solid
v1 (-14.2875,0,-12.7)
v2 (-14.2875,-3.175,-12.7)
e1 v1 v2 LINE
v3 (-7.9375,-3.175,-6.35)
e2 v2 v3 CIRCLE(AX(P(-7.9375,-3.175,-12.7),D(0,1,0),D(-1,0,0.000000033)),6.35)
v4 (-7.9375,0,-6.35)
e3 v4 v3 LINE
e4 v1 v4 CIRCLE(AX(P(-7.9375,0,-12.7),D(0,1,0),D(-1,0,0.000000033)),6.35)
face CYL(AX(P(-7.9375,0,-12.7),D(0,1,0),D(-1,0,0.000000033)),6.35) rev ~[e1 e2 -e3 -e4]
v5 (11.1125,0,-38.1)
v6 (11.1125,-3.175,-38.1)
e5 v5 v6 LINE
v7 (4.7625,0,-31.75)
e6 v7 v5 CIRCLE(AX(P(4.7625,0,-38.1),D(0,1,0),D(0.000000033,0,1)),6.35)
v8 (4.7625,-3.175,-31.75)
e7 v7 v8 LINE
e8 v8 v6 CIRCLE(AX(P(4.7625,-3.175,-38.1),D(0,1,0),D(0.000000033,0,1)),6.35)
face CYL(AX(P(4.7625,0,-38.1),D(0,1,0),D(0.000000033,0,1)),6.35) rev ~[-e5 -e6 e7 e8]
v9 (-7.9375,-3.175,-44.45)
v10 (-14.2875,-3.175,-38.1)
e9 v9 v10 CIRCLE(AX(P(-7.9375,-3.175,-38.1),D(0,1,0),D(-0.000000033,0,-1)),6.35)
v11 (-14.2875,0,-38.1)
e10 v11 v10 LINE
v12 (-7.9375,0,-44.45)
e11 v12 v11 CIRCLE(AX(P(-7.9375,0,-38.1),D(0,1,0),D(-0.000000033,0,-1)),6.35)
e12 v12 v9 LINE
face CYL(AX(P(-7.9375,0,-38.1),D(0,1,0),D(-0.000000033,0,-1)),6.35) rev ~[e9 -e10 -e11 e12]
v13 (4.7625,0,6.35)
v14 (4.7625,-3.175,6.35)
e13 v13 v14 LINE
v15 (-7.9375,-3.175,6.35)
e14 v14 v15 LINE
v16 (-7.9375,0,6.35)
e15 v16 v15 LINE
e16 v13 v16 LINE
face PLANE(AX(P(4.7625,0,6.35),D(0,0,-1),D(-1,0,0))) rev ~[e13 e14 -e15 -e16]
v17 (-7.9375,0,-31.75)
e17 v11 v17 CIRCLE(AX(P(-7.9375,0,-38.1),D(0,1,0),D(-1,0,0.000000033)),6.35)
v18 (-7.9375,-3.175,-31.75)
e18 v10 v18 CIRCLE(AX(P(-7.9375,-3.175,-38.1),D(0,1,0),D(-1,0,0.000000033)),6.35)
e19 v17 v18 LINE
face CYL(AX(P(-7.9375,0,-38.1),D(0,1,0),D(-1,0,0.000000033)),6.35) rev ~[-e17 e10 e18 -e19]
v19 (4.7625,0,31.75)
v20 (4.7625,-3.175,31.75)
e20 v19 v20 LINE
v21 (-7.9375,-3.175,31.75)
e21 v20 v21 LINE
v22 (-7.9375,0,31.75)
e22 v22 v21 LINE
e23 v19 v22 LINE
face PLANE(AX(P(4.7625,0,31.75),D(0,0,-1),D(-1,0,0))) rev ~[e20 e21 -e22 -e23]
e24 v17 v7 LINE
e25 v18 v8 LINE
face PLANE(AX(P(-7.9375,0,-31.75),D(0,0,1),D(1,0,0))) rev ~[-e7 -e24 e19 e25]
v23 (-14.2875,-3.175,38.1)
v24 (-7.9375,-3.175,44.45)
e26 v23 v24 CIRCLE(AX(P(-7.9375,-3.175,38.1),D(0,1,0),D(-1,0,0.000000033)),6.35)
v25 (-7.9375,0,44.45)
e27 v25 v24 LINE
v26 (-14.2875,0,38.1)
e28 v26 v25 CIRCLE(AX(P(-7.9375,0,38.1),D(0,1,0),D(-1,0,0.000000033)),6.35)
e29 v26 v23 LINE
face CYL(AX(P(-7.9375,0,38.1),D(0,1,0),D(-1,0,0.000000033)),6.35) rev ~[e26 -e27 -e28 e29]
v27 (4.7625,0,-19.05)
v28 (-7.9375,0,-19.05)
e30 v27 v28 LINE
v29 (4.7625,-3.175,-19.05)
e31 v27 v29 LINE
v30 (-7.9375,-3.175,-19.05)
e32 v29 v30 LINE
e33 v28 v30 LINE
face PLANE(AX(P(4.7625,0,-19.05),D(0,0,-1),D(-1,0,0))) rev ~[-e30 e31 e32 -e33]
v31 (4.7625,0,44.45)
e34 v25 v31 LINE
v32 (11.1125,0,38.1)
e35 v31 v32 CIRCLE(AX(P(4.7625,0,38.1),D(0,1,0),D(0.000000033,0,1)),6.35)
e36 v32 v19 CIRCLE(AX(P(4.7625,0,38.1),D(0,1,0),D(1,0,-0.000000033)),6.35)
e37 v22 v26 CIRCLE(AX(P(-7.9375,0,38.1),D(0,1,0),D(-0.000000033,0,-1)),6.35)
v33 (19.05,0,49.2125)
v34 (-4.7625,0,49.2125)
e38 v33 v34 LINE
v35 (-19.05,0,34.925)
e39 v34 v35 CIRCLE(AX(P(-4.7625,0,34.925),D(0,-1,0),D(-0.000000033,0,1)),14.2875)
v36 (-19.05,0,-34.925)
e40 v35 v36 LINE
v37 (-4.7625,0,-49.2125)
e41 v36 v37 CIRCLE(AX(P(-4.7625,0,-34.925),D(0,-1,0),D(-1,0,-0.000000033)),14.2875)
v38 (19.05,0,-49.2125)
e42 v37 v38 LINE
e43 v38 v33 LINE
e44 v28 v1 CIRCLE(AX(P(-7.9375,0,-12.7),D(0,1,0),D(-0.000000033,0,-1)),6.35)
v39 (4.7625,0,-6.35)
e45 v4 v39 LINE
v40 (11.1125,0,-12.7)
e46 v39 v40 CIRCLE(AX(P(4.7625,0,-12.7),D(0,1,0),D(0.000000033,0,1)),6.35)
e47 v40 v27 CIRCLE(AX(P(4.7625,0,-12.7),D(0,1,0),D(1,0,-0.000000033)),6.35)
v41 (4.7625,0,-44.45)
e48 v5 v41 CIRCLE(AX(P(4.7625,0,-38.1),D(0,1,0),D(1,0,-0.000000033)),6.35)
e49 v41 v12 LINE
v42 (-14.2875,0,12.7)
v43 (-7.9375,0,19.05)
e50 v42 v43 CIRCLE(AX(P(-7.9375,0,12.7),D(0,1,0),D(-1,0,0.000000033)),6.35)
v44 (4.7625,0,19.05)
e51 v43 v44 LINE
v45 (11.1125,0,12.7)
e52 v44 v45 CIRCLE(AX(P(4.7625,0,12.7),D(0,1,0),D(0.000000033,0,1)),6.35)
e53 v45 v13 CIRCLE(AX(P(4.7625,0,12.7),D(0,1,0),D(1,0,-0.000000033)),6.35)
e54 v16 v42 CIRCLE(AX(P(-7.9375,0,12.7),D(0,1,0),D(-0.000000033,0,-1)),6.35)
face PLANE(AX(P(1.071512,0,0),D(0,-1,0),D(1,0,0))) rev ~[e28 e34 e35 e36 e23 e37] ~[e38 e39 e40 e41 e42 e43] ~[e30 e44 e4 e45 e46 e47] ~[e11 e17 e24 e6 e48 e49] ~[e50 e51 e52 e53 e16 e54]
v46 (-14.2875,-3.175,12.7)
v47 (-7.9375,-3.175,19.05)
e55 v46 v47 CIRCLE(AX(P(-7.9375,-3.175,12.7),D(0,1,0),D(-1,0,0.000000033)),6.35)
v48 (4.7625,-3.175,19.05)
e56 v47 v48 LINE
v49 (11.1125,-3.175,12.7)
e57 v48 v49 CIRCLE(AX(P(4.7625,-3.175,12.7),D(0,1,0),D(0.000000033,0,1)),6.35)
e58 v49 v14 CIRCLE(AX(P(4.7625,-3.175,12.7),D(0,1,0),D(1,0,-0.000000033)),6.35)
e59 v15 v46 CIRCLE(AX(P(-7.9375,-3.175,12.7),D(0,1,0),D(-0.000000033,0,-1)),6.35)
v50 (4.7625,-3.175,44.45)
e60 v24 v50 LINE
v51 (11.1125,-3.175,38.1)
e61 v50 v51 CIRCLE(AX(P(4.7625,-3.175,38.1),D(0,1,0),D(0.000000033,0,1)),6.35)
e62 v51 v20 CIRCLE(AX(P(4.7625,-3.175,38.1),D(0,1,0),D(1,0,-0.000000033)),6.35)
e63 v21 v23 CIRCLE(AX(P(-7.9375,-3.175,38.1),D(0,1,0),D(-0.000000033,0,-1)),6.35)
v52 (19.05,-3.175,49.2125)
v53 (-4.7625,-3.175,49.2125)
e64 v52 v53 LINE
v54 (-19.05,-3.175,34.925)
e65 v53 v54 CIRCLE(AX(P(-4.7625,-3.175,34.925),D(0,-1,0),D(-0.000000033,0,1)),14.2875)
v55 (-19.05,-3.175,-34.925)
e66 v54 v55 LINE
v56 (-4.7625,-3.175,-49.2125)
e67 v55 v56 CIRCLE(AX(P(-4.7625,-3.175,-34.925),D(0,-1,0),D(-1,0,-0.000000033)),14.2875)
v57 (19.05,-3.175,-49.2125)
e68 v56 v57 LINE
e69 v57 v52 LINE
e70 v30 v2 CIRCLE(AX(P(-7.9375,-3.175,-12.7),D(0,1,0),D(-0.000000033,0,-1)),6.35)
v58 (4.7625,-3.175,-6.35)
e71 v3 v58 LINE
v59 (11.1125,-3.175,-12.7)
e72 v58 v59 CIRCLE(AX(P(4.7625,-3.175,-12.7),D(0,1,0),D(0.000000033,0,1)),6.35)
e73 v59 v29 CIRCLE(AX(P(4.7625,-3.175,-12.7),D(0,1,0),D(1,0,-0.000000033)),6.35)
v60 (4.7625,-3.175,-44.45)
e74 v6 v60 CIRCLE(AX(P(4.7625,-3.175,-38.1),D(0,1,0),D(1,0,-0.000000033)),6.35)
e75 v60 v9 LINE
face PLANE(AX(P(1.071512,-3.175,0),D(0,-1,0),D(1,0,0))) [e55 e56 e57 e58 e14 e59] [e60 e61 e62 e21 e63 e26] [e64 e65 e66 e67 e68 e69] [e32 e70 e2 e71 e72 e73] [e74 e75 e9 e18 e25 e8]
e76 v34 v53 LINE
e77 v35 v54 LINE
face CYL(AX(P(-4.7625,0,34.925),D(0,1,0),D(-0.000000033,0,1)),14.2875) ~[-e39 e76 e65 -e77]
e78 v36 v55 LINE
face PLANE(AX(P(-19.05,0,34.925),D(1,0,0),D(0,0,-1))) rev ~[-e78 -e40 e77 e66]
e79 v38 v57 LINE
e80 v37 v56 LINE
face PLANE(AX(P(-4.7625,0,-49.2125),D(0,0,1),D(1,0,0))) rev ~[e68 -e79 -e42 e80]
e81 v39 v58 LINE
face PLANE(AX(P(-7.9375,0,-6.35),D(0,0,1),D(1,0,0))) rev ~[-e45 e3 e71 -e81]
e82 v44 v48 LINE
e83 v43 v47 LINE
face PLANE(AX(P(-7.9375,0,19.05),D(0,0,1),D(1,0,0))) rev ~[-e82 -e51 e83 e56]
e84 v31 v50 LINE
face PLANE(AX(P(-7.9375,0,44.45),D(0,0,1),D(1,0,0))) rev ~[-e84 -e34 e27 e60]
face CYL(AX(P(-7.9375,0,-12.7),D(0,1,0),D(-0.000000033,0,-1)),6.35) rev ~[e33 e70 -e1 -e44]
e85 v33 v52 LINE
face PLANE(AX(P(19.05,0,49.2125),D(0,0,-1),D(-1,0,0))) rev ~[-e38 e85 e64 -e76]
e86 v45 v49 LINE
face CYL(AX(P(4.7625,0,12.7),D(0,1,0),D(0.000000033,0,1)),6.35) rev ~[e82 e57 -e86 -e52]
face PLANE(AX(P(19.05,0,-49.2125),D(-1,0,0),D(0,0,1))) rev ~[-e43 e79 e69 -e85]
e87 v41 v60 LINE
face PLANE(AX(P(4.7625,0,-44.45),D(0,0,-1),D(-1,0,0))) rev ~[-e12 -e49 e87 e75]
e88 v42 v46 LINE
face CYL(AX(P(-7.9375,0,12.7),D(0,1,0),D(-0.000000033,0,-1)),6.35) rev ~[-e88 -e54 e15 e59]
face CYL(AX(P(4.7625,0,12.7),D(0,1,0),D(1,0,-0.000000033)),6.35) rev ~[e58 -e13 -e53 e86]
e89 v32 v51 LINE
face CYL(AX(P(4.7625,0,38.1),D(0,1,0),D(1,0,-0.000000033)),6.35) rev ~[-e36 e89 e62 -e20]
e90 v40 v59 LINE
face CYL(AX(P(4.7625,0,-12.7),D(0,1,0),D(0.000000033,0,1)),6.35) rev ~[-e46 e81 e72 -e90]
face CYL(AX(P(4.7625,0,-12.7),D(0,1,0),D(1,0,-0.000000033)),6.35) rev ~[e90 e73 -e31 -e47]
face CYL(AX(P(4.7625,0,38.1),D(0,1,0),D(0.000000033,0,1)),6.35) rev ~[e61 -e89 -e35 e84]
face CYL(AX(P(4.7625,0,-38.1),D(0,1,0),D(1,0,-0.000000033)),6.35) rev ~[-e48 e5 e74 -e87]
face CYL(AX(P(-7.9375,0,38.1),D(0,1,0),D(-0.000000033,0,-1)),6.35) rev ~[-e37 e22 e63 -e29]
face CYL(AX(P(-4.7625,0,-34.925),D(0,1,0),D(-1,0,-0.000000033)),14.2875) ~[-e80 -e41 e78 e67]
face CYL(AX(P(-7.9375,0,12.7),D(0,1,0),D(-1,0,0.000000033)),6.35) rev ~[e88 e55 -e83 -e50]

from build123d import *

# Parameters (mm, degrees)
F1_DEPTH = 3.175


with BuildPart() as f1:
    # F0 (on Front) → F1 (new body)
    with BuildSketch(Plane.XZ):
        with BuildLine():
            Line((-4.7625, -49.2125), (19.05, -49.2125))
            Line((19.05, -49.2125), (19.05, 49.2125))
            Line((19.05, 49.2125), (-4.7625, 49.2125))
            ThreePointArc((-4.7625, 49.2125), (-14.865288, 45.027788), (-19.05, 34.925))
            Line((-19.05, 34.925), (-19.05, -34.925))
            ThreePointArc((-19.05, -34.925), (-14.865288, -45.027788), (-4.7625, -49.2125))
        make_face()
        with BuildLine():
            ThreePointArc((11.1125, -38.1), (9.252628, -42.590128), (4.7625, -44.45))
            Line((4.7625, -44.45), (-7.9375, -44.45))
            ThreePointArc((-7.9375, -44.45), (-12.427628, -42.590128), (-14.2875, -38.1))
            ThreePointArc((-14.2875, -38.1), (-12.427628, -33.609872), (-7.9375, -31.75))
            Line((-7.9375, -31.75), (4.7625, -31.75))
            ThreePointArc((4.7625, -31.75), (9.252628, -33.609872), (11.1125, -38.1))
        make_face(mode=Mode.SUBTRACT)
        with BuildLine():
            Line((-7.9375, -6.35), (4.7625, -6.35))
            ThreePointArc((4.7625, -6.35), (9.252628, -8.209872), (11.1125, -12.7))
            ThreePointArc((11.1125, -12.7), (9.252628, -17.190128), (4.7625, -19.05))
            Line((4.7625, -19.05), (-7.9375, -19.05))
            ThreePointArc((-7.9375, -19.05), (-12.427628, -17.190128), (-14.2875, -12.7))
            ThreePointArc((-14.2875, -12.7), (-12.427628, -8.209872), (-7.9375, -6.35))
        make_face(mode=Mode.SUBTRACT)
        with BuildLine():
            Line((-7.9375, 19.05), (4.7625, 19.05))
            ThreePointArc((4.7625, 19.05), (9.252628, 17.190128), (11.1125, 12.7))
            ThreePointArc((11.1125, 12.7), (9.252628, 8.209872), (4.7625, 6.35))
            Line((4.7625, 6.35), (-7.9375, 6.35))
            ThreePointArc((-7.9375, 6.35), (-12.427628, 8.209872), (-14.2875, 12.7))
            ThreePointArc((-14.2875, 12.7), (-12.427628, 17.190128), (-7.9375, 19.05))
        make_face(mode=Mode.SUBTRACT)
        with BuildLine():
            Line((-7.9375, 44.45), (4.7625, 44.45))
            ThreePointArc((4.7625, 44.45), (9.252628, 42.590128), (11.1125, 38.1))
            ThreePointArc((11.1125, 38.1), (9.252628, 33.609872), (4.7625, 31.75))
            Line((4.7625, 31.75), (-7.9375, 31.75))
            ThreePointArc((-7.9375, 31.75), (-12.427628, 33.609872), (-14.2875, 38.1))
            ThreePointArc((-14.2875, 38.1), (-12.427628, 42.590128), (-7.9375, 44.45))
        make_face(mode=Mode.SUBTRACT)
    extrude(amount=F1_DEPTH)


solid = f1.part
